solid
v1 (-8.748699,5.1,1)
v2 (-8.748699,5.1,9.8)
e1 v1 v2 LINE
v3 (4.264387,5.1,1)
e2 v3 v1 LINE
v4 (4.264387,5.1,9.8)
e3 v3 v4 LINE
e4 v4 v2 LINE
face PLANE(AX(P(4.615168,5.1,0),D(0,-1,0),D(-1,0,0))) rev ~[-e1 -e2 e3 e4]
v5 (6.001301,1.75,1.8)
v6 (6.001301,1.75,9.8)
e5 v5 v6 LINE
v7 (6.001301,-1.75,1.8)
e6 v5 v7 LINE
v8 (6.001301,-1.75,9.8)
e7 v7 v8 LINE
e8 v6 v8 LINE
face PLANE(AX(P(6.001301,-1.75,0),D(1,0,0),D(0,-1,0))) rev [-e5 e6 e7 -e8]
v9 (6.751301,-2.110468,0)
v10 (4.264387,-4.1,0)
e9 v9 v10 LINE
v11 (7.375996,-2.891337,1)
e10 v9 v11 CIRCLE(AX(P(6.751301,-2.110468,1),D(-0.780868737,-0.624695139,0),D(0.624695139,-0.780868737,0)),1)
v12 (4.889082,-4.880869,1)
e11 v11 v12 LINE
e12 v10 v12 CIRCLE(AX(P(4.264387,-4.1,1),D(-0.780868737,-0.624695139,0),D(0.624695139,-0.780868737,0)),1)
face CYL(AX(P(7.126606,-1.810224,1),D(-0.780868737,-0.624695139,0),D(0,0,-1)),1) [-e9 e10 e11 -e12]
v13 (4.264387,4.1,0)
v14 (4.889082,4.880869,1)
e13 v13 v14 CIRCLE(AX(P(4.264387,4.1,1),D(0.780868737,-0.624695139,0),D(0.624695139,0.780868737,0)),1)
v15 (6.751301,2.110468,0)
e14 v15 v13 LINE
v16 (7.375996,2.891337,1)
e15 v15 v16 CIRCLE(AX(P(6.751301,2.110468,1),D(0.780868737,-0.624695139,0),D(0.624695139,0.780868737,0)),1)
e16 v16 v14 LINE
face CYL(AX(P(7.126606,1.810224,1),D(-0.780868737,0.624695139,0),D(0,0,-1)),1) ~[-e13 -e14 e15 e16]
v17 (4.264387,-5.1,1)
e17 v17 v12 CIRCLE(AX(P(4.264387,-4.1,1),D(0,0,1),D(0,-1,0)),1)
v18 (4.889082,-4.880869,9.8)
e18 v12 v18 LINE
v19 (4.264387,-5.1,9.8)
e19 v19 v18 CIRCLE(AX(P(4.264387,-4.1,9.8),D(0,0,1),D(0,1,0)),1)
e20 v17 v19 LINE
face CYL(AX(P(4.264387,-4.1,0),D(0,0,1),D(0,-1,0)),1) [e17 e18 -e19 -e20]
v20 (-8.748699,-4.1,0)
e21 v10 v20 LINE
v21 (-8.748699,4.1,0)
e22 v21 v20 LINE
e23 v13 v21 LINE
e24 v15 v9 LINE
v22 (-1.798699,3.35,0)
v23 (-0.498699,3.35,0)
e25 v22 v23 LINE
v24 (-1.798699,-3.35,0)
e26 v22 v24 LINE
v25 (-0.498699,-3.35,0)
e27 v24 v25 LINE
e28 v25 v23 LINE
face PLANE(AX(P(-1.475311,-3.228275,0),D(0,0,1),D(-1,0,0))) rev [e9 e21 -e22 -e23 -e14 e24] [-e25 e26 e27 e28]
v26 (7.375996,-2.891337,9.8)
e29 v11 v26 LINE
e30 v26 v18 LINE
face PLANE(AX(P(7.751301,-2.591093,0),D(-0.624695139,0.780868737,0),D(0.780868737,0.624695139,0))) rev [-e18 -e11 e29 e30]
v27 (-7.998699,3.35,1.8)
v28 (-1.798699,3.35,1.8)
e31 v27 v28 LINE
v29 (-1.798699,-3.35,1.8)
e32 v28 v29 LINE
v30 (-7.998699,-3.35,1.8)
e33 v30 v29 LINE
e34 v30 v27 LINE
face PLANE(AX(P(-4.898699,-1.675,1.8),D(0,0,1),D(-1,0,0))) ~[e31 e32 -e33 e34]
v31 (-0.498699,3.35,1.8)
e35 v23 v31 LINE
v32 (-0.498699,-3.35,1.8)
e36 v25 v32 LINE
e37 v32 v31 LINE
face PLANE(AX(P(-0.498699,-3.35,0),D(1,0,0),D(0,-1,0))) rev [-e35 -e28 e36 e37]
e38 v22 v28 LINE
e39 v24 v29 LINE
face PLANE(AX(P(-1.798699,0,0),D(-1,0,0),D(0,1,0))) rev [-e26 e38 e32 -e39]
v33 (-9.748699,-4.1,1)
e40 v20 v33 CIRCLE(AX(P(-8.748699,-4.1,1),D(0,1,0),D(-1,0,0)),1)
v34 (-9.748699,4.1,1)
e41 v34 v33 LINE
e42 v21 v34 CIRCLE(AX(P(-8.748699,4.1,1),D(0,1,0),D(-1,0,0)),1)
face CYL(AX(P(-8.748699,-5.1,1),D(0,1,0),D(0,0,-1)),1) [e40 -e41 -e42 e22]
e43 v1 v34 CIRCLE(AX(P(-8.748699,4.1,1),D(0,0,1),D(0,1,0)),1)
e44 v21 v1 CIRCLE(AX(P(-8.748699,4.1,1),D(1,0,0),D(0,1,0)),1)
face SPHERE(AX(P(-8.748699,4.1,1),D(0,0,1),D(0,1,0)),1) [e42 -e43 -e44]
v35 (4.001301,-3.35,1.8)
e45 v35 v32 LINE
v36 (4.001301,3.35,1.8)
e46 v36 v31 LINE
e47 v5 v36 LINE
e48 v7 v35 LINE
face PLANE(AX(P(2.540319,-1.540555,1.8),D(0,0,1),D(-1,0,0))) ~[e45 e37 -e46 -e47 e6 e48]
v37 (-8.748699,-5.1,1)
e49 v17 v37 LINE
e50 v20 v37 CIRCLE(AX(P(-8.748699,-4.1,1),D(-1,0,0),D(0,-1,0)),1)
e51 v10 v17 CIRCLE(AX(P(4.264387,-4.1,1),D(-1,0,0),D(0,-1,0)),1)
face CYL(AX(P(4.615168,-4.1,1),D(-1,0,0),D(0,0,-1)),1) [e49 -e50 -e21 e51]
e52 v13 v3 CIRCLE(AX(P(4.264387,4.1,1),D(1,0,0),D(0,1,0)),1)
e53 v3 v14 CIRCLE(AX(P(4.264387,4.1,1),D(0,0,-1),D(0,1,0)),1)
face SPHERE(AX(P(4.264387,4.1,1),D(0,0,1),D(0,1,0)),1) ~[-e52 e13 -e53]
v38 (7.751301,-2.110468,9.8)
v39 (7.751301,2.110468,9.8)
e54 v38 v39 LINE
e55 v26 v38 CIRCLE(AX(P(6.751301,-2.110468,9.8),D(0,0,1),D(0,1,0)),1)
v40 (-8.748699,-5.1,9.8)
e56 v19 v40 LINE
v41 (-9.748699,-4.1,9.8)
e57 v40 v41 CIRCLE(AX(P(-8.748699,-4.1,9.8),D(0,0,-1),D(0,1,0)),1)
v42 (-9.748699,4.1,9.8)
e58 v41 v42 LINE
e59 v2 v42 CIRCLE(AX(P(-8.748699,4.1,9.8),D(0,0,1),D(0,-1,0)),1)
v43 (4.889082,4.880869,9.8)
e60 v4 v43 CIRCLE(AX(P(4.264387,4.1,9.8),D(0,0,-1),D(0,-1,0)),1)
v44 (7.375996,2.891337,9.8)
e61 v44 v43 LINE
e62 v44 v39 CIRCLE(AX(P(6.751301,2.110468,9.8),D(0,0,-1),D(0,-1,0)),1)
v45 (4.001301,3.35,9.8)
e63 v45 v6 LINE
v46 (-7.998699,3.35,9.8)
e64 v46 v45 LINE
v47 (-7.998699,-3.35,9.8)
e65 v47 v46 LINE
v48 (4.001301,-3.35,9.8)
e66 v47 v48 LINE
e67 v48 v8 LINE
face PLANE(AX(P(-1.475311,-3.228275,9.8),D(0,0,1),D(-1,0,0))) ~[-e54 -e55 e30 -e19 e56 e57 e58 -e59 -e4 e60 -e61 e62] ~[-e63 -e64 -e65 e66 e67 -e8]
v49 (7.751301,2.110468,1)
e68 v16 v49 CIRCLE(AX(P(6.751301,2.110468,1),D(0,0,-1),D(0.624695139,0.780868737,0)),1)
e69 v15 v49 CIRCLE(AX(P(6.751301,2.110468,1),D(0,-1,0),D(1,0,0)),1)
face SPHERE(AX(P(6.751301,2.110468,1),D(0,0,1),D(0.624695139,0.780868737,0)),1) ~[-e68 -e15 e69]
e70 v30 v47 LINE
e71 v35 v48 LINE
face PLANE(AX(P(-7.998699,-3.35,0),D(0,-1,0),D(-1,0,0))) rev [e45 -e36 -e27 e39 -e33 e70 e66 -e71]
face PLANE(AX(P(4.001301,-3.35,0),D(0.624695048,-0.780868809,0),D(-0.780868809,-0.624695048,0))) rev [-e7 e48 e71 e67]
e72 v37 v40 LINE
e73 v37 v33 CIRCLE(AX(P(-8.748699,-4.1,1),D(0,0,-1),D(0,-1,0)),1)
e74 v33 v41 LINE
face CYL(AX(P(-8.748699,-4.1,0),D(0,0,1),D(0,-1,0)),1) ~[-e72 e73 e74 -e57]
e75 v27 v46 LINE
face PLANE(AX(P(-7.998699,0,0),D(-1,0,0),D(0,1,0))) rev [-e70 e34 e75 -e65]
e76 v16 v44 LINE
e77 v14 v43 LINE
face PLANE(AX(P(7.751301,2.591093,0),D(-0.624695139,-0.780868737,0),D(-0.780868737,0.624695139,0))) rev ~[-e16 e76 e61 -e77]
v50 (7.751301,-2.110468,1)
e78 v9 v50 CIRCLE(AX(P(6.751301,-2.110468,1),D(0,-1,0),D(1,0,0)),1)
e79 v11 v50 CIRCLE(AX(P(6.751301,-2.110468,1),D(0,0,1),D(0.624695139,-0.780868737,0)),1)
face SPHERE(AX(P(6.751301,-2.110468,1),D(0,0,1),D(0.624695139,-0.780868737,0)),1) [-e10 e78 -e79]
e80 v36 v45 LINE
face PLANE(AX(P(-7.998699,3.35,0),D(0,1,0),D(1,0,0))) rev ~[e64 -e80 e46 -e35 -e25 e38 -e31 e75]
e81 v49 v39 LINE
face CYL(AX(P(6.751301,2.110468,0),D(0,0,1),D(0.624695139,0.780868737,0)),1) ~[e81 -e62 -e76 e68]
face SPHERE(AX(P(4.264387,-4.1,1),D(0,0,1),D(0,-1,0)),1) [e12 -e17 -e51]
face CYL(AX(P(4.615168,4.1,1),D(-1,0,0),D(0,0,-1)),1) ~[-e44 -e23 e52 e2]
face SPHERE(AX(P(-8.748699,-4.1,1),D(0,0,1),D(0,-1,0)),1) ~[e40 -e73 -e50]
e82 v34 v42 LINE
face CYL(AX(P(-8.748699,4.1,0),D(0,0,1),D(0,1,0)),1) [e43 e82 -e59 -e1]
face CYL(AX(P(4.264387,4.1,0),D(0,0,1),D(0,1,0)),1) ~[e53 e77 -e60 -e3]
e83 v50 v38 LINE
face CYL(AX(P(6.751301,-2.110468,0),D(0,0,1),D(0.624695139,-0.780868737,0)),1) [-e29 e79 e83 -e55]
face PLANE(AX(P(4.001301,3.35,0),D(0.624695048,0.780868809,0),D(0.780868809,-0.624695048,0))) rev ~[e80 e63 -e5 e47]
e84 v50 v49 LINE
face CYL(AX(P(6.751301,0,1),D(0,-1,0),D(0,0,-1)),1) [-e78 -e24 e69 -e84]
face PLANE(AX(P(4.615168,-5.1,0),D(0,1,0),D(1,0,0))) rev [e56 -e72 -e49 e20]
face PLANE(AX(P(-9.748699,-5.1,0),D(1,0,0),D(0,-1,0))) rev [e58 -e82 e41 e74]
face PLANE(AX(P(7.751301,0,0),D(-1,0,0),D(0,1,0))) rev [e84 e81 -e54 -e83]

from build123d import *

# Parameters (mm, degrees)
F0_W     = 6.2
F0_H     = 3.35
F1_DEPTH = 1.8
F2_DEPTH = 9.8
F3_R     = 1


with BuildPart() as f1:
    # F0 (on Top) → F1 (new body)
    with BuildSketch(Plane.XY):
        with Locations((-4.898699, 1.675)):
            Rectangle(F0_W, F0_H)
        Polygon((-0.498699, 3.35), (-0.498699, 0), (6.001301, 0), (6.001301, 1.75), (4.001301, 3.35), align=None)
    extrude(amount=F1_DEPTH)

    # F0 (on Top) → F2 (join)
    with BuildSketch(Plane.XY):
        Polygon((-9.748699, 0), (-7.998699, 0), (-7.998699, 3.35), (-1.798699, 3.35), (-0.498699, 3.35), (4.001301, 3.35), (6.001301, 1.75), (6.001301, 0), (7.751301, 0), (7.751301, 2.591093), (4.615168, 5.1), (-9.748699, 5.1), align=None)
    extrude(amount=F2_DEPTH)

    # F3
    f3_edges = [f1.edges().sort_by_distance(p)[0] for p in [
        (-9.748699, 5.1, 4.9),
        (4.615168, 5.1, 4.9),
        (7.751301, 2.591093, 4.9),
        (-2.566765, 5.1, 0),
        (6.183235, 3.845547, 0),
        (7.751301, 1.295547, 0),
        (-9.748699, 2.55, 0),
    ]]
    fillet(f3_edges, radius=F3_R)

    # F4: F1 across face


with BuildPart() as f1_1:
    add(f1.part)
    add(f1.part.mirror(Plane(origin=(5.186004, 0, 3.300707), x_dir=(1, 0, 0), z_dir=(0, -1, 0))))


solid = f1_1.part
